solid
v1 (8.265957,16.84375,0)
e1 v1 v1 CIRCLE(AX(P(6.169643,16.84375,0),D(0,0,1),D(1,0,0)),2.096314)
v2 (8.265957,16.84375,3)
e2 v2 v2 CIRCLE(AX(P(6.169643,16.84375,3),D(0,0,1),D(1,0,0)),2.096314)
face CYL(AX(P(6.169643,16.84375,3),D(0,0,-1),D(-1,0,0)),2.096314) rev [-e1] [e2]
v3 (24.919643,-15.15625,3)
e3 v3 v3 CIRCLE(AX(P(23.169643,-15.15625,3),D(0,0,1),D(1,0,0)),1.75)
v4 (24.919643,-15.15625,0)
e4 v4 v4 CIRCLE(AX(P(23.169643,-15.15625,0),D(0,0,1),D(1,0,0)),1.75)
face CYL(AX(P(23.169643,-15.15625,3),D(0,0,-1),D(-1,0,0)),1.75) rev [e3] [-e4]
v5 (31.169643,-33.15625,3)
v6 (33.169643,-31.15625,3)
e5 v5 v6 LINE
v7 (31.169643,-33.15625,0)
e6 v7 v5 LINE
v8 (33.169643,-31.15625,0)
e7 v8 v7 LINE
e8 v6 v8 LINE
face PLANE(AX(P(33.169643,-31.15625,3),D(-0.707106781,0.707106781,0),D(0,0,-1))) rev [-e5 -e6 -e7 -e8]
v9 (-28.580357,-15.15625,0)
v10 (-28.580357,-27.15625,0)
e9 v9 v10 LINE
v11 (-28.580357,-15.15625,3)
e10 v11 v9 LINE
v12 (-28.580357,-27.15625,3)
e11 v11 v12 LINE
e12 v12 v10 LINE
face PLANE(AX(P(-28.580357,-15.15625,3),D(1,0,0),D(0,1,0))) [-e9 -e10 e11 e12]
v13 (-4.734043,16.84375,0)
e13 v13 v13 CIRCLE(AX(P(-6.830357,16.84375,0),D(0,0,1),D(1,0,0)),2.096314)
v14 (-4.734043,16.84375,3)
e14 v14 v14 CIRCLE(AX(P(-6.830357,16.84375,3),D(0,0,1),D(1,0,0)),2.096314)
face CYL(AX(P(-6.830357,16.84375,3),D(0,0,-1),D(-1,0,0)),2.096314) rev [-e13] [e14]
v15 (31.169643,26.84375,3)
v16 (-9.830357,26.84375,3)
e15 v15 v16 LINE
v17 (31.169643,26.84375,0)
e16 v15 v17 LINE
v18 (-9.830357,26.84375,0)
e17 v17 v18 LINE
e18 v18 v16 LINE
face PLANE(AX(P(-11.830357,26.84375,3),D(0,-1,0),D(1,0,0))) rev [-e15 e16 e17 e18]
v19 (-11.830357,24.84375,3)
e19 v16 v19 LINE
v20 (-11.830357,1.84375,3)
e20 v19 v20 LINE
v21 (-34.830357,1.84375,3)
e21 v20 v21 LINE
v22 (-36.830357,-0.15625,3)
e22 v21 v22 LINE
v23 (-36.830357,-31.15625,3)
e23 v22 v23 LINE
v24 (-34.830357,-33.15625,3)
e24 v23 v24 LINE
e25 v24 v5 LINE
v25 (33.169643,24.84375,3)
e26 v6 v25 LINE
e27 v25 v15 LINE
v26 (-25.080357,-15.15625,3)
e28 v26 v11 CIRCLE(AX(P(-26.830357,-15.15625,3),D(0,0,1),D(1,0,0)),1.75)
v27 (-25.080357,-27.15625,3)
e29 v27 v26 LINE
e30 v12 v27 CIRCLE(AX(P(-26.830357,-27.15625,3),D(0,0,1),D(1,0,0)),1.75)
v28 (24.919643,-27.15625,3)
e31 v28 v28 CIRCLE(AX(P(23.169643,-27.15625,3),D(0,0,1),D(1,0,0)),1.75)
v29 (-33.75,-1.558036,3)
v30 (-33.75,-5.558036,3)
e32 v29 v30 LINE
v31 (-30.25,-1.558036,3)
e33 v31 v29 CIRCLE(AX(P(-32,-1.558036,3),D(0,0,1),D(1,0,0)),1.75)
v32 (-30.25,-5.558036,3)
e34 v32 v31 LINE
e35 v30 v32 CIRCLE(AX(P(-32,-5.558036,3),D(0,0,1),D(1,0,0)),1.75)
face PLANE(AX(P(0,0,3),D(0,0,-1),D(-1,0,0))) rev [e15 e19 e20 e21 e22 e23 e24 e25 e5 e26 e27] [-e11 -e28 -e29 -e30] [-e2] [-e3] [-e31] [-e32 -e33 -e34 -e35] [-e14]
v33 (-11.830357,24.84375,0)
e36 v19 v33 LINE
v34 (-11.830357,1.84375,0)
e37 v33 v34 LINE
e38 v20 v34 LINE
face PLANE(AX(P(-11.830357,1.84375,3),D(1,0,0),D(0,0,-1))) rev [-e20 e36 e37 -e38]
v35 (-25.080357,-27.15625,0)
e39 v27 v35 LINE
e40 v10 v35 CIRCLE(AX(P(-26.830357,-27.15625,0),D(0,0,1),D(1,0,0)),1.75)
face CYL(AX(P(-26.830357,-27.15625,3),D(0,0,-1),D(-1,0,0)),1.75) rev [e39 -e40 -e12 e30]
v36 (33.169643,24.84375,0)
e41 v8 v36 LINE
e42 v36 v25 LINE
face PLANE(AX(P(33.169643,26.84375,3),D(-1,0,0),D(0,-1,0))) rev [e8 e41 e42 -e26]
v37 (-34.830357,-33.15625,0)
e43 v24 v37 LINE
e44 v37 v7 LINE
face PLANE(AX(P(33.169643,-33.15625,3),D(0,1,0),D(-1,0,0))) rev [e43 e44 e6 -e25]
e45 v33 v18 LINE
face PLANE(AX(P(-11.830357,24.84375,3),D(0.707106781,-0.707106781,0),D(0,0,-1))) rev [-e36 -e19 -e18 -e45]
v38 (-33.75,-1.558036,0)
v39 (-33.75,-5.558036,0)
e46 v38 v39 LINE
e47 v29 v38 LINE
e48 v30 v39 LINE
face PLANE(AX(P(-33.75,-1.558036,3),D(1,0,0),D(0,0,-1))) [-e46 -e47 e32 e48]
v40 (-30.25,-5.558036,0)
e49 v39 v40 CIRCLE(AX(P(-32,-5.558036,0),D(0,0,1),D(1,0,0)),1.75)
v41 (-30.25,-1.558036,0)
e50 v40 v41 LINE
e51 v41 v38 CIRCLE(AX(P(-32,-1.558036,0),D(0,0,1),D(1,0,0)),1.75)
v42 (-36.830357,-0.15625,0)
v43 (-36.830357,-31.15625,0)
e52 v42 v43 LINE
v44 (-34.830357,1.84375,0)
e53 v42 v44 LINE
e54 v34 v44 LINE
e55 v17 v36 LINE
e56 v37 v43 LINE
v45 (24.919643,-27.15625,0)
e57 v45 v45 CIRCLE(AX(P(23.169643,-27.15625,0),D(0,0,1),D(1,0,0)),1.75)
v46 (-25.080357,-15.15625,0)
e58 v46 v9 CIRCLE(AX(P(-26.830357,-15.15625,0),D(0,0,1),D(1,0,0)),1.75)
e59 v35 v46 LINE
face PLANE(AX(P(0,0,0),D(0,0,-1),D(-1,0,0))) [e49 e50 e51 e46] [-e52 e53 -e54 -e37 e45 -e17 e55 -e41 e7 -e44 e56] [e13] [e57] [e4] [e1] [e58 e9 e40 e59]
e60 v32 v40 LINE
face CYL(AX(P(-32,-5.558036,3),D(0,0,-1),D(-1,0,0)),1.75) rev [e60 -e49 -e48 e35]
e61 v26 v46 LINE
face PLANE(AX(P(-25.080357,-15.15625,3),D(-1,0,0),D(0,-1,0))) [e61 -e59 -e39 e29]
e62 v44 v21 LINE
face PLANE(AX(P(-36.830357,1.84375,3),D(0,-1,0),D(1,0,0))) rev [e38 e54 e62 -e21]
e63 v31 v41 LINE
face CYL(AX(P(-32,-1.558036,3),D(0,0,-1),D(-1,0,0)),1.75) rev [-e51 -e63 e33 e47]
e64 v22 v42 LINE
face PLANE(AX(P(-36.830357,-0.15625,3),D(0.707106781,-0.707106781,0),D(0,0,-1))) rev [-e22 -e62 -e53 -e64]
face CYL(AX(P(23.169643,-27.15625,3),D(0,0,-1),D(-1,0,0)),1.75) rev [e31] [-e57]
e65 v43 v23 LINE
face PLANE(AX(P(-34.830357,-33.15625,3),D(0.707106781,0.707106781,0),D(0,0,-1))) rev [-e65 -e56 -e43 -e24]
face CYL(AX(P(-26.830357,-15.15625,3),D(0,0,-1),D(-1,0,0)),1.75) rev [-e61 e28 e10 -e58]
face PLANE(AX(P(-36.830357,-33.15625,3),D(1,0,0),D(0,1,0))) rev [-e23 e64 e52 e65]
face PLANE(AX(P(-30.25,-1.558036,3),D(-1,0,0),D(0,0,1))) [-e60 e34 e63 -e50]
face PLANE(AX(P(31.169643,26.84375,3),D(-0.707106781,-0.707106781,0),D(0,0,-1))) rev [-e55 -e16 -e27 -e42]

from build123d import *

# Parameters (mm, degrees)
SKETCH1_R           = 1.75
SKETCH1_R_2         = 2.096313729
BOSS_EXTRUDE1_DEPTH = 3
CHAMFER1_SIZE       = 2


with BuildPart() as part:
    # Sketch1 → Boss-Extrude1 (new body)
    with BuildSketch(Plane.XY):
        Polygon((-11.830357143, 26.84375), (33.169642857, 26.84375), (33.169642857, -33.15625), (-36.830357143, -33.15625), (-36.830357143, 1.84375), (-11.830357143, 1.84375), align=None)
        with Locations((23.169642857, -15.15625)):
            Circle(SKETCH1_R, mode=Mode.SUBTRACT)
        with Locations((23.169642857, -27.15625)):
            Circle(SKETCH1_R, mode=Mode.SUBTRACT)
        with Locations((6.169642857, 16.84375)):
            Circle(SKETCH1_R_2, mode=Mode.SUBTRACT)
        with Locations((-6.830357143, 16.84375)):
            Circle(SKETCH1_R_2, mode=Mode.SUBTRACT)
        with BuildLine():
            Line((-25.080357143, -15.15625), (-25.080357143, -27.15625))
            ThreePointArc((-25.080357143, -27.15625), (-26.830357143, -28.90625), (-28.580357143, -27.15625))
            Line((-28.580357143, -27.15625), (-28.580357143, -15.15625))
            ThreePointArc((-28.580357143, -15.15625), (-26.830357143, -13.40625), (-25.080357143, -15.15625))
        make_face(mode=Mode.SUBTRACT)
        with BuildLine():
            Line((-33.75, -1.558035714), (-33.75, -5.558035714))
            ThreePointArc((-33.75, -5.558035714), (-32, -7.308035714), (-30.25, -5.558035714))
            Line((-30.25, -5.558035714), (-30.25, -1.558035714))
            ThreePointArc((-30.25, -1.558035714), (-32, 0.191964286), (-33.75, -1.558035714))
        make_face(mode=Mode.SUBTRACT)
    extrude(amount=BOSS_EXTRUDE1_DEPTH)

    # Chamfer1
    chamfer1_edges = [part.edges().sort_by_distance(p)[0] for p in [
        (-11.830357143, 26.84375, 1.5),
        (33.169642857, 26.84375, 1.5),
        (33.169642857, -33.15625, 1.5),
        (-36.830357143, -33.15625, 1.5),
        (-36.830357143, 1.84375, 1.5),
    ]]
    chamfer(chamfer1_edges, length=CHAMFER1_SIZE)


solid = part.part
